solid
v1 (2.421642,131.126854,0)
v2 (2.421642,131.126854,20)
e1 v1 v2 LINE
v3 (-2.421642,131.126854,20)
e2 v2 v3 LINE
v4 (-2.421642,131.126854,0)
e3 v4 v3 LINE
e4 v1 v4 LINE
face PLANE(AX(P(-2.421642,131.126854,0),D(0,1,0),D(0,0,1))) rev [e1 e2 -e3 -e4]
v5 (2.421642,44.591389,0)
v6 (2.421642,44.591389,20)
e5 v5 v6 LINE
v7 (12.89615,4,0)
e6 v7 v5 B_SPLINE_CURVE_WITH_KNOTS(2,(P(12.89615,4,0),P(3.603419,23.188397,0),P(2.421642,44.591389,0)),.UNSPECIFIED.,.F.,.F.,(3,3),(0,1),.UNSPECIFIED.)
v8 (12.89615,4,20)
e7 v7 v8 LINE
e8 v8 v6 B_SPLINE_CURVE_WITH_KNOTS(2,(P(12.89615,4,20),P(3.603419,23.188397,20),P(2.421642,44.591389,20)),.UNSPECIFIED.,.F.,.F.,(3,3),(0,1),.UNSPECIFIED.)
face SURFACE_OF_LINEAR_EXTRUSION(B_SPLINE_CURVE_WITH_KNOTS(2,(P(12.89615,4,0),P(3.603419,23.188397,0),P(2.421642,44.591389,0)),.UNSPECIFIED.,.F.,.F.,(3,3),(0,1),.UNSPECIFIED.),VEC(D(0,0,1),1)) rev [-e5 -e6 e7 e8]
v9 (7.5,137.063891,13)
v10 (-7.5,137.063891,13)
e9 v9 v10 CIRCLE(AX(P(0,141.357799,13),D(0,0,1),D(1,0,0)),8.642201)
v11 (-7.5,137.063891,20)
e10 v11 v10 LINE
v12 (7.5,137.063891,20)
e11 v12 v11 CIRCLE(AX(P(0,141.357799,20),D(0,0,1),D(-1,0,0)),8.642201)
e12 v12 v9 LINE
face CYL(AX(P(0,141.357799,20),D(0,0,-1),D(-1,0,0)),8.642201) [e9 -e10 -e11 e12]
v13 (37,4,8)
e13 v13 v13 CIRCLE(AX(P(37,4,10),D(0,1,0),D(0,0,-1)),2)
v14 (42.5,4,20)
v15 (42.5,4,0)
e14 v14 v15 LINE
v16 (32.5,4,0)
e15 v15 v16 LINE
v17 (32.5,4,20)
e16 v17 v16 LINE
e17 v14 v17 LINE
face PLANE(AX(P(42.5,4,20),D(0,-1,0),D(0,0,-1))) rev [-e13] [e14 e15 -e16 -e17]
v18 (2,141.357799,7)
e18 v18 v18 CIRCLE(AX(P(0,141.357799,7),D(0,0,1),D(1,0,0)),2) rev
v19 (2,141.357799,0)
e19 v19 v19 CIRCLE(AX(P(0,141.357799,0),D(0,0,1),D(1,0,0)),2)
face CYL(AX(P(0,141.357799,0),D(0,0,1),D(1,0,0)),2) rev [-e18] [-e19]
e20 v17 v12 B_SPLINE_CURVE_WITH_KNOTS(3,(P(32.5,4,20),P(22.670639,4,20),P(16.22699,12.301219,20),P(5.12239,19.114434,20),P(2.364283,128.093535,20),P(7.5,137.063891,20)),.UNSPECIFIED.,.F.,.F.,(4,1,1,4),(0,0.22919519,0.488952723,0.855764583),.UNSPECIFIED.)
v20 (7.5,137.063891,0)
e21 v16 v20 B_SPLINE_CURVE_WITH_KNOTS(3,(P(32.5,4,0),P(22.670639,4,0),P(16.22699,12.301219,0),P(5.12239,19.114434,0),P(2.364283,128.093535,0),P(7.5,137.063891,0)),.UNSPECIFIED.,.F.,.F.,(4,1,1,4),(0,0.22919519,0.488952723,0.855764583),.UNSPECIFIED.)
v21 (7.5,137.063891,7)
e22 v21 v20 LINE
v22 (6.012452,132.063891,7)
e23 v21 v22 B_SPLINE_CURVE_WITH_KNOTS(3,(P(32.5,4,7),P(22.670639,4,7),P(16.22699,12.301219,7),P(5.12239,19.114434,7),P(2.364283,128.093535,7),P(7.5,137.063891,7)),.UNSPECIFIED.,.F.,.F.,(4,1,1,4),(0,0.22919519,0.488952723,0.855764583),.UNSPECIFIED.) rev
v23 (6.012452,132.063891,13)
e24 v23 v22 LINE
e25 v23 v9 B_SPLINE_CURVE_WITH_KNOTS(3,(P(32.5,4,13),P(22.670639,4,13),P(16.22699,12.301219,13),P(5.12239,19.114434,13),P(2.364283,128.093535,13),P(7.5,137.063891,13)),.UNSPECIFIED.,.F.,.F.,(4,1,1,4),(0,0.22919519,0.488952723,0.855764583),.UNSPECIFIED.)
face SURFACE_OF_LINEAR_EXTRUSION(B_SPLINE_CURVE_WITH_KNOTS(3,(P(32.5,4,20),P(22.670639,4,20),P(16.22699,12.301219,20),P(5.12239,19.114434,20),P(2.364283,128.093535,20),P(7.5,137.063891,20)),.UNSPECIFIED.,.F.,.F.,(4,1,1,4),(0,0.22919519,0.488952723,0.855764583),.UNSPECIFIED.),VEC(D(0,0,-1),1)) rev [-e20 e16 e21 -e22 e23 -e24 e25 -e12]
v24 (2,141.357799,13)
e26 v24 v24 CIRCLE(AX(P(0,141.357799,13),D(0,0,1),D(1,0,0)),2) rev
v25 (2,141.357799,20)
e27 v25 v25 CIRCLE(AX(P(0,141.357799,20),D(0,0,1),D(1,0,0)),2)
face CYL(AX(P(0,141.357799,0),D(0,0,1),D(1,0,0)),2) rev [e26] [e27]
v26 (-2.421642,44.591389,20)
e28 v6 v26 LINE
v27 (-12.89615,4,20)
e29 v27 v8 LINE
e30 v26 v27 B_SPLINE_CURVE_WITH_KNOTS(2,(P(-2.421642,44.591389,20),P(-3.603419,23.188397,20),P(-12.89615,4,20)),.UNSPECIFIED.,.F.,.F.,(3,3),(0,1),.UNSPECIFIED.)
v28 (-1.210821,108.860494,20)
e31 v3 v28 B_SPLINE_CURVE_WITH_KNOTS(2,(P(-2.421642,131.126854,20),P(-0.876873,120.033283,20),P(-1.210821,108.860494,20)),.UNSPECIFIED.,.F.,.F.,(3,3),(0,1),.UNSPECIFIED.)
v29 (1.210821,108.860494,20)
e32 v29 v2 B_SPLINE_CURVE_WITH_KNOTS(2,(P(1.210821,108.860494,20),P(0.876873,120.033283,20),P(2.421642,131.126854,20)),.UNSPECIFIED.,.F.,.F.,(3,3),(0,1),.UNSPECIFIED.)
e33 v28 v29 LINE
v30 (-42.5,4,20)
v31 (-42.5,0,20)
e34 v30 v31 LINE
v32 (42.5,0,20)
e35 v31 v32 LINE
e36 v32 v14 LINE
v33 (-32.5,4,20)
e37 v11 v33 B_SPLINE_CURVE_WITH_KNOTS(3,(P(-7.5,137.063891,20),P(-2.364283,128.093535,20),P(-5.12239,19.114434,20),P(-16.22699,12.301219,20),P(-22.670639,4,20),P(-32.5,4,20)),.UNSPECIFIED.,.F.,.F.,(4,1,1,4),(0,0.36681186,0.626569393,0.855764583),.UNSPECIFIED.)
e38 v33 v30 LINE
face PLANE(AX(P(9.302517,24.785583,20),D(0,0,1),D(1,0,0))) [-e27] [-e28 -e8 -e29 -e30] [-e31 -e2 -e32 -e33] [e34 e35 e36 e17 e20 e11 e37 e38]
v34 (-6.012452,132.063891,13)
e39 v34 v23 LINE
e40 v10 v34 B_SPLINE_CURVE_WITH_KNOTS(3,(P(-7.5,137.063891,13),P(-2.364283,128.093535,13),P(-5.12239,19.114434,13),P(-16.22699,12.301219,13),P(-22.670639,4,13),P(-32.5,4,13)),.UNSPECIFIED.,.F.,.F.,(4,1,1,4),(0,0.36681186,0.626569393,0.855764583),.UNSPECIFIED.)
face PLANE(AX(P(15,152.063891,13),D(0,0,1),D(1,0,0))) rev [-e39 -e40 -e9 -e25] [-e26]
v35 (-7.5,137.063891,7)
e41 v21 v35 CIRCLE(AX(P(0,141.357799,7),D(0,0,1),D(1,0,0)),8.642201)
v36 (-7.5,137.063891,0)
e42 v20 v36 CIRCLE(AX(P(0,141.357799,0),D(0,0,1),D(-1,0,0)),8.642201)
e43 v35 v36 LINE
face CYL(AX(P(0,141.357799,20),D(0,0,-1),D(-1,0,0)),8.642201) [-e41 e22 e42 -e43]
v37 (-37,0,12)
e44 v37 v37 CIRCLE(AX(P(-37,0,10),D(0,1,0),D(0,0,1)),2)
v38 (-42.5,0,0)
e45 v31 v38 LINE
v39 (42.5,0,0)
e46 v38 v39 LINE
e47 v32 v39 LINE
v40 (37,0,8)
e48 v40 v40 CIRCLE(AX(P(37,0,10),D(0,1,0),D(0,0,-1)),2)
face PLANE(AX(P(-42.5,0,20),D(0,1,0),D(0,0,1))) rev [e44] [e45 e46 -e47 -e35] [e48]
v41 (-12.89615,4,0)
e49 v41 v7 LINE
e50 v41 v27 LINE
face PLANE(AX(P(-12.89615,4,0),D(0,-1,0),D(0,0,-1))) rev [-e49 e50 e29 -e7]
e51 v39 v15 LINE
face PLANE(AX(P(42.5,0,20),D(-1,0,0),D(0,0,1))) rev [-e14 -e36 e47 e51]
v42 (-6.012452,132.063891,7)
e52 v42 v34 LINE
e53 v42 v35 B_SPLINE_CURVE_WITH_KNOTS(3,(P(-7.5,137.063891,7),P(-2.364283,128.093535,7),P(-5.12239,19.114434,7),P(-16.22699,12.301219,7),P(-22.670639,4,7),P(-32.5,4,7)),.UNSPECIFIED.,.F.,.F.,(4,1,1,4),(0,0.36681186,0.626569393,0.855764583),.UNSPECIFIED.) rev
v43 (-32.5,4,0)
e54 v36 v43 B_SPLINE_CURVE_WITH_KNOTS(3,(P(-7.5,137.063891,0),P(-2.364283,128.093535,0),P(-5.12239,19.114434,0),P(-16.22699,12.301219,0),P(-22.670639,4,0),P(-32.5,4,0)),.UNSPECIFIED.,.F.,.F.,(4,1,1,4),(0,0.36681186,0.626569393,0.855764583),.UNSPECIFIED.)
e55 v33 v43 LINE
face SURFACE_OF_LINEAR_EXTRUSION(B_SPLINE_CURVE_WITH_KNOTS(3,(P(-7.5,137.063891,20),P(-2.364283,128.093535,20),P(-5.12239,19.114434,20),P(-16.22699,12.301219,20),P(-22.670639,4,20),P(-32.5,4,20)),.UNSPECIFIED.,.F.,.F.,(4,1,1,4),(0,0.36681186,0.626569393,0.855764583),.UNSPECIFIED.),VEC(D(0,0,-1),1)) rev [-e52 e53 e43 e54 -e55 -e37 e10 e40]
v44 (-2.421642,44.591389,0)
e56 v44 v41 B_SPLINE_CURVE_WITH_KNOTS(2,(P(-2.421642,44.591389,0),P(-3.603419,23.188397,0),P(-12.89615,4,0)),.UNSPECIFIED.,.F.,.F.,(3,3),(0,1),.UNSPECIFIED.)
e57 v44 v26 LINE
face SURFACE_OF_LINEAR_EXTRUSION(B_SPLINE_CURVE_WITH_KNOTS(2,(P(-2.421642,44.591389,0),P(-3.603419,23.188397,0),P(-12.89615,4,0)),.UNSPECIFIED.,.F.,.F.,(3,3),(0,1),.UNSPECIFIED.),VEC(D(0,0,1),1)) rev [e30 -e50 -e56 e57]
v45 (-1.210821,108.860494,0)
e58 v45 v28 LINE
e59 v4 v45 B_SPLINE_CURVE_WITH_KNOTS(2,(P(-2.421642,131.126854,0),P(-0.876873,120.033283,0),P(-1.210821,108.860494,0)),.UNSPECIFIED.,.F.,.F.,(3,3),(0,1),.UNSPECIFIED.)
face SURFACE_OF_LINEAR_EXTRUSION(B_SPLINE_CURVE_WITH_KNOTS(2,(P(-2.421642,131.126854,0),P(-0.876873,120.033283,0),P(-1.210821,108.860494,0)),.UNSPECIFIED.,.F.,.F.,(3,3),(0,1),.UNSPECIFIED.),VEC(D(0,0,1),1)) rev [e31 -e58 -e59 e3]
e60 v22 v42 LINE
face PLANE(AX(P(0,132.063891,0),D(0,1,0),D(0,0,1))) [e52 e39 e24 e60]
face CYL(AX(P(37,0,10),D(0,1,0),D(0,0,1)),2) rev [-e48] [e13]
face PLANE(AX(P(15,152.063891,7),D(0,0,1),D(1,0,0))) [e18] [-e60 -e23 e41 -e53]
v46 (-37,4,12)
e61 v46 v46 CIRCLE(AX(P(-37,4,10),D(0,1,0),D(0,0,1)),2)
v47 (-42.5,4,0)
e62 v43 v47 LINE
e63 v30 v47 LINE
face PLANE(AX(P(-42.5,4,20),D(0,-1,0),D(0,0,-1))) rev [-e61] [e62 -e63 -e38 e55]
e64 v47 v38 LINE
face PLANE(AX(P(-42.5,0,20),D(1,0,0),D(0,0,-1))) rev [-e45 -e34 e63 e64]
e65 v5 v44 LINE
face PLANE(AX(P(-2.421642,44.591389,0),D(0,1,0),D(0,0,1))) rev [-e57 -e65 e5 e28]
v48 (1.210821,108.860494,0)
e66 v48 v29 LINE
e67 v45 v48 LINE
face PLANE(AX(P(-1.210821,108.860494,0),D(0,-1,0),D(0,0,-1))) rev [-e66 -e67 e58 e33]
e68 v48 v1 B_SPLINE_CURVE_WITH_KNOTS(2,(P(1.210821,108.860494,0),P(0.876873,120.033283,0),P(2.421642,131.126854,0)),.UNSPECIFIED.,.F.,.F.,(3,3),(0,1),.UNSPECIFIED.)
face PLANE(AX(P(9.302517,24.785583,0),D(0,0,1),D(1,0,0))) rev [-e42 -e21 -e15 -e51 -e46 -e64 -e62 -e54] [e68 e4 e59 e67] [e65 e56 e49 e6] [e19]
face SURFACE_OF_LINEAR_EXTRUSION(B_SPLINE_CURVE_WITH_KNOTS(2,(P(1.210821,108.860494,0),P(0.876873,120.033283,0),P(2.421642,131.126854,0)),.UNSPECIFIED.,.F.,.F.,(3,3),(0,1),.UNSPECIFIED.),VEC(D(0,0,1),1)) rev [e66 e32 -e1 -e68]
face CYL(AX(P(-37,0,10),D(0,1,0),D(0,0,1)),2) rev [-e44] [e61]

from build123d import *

# Parameters (mm, degrees)
SALIENTE_EXTRUIR2_DEPTH = 20
CROQUIS3_R              = 2
CORTAR_EXTRUIR1_DEPTH   = 158.182219231
CROQUIS7_W              = 30
CROQUIS7_H              = 6
CORTAR_EXTRUIR4_DEPTH   = 15
CROQUIS8_W              = 17.284402488
CROQUIS8_H              = 6
CORTAR_EXTRUIR5_DEPTH   = 5
CROQUIS6_R              = 2
CORTAR_EXTRUIR3_DEPTH   = 154.369651632


with BuildPart() as part:
    # Croquis1 → Saliente-Extruir2 (new body)
    with BuildSketch(Plane.XY):
        with BuildLine():
            Line((-42.5, 0), (-42.5, 4))
            Line((-42.5, 4), (-32.5, 4))
            add(Edge.make_bspline(
                [(-32.5, 4), (-22.670639358, 4), (-16.226990124, 12.301218675), (-5.122390032, 19.11443447), (-2.364282608, 128.09353499), (-7.5, 137.063891171)],
                knots=[0, 0, 0, 0, 0.22919519, 0.488952723, 0.855764583, 0.855764583, 0.855764583, 0.855764583], degree=3))
            ThreePointArc((-7.5, 137.063891171), (0, 150), (7.5, 137.063891171))
            add(Edge.make_bspline(
                [(32.5, 4), (22.670639358, 4), (16.226990124, 12.301218675), (5.122390032, 19.11443447), (2.364282608, 128.09353499), (7.5, 137.063891171)],
                knots=[0, 0, 0, 0, 0.22919519, 0.488952723, 0.855764583, 0.855764583, 0.855764583, 0.855764583], degree=3))
            Line((32.5, 4), (42.5, 4))
            Line((42.5, 4), (42.5, 0))
            Line((42.5, 0), (-42.5, 0))
        make_face()
    extrude(amount=SALIENTE_EXTRUIR2_DEPTH)

    # Croquis3 → Cortar-Extruir1 (cut, through all)
    with BuildSketch(Plane.XY.offset(20)):
        with Locations((0, 141.357798756)):
            Circle(CROQUIS3_R)
        with BuildLine():
            Line((-2.421642236, 44.591389295), (2.421642236, 44.591389295))
            add(Edge.make_bspline(
                [(12.896150466, 4), (3.6034191, 23.188396535), (2.421642236, 44.591389295)],
                knots=[0, 0, 0, 1, 1, 1], degree=2))
            Line((12.896150466, 4), (-12.896150466, 4))
            add(Edge.make_bspline(
                [(-12.896150466, 4), (-3.6034191, 23.188396535), (-2.421642236, 44.591389295)],
                knots=[0, 0, 0, 1, 1, 1], degree=2))
        make_face()
        with BuildLine():
            Line((-2.421642236, 131.126853852), (2.421642236, 131.126853852))
            add(Edge.make_bspline(
                [(2.421642236, 131.126853852), (0.876872729, 120.033282634), (1.210821118, 108.86049399)],
                knots=[0, 0, 0, 1, 1, 1], degree=2))
            Line((1.210821118, 108.86049399), (-1.210821118, 108.86049399))
            add(Edge.make_bspline(
                [(-2.421642236, 131.126853852), (-0.876872729, 120.033282634), (-1.210821118, 108.86049399)],
                knots=[0, 0, 0, 1, 1, 1], degree=2))
        make_face()
    extrude(amount=-CORTAR_EXTRUIR1_DEPTH, mode=Mode.SUBTRACT)

    # Croquis7 → Cortar-Extruir4 (cut)
    with BuildSketch(Plane(origin=(0, 137.063891171, 0), x_dir=(-1, 0, 0), z_dir=(0, -1, 0))):
        with Locations((0, -10)):
            Rectangle(CROQUIS7_W, CROQUIS7_H)
    extrude(amount=-CORTAR_EXTRUIR4_DEPTH, mode=Mode.SUBTRACT)

    # Croquis8 → Cortar-Extruir5 (cut)
    with BuildSketch(Plane(origin=(0, 137.063891171, 0), x_dir=(1, 0, 0), z_dir=(0, 1, 0))):
        with Locations((0, -10)):
            Rectangle(CROQUIS8_W, CROQUIS8_H)
    extrude(amount=-CORTAR_EXTRUIR5_DEPTH, mode=Mode.SUBTRACT)

    # Croquis6 → Cortar-Extruir3 (cut, through all)
    with BuildSketch(Plane(origin=(0, 4, 0), x_dir=(1, 0, 0), z_dir=(0, 1, 0))):
        with Locations(Location((-37, -10, 0), (0, 0, 270))):
            Circle(CROQUIS6_R)
        with Locations(Location((37, -10, 0), (0, 0, 90))):
            Circle(CROQUIS6_R)
    extrude(amount=-CORTAR_EXTRUIR3_DEPTH, mode=Mode.SUBTRACT)


solid = part.part
